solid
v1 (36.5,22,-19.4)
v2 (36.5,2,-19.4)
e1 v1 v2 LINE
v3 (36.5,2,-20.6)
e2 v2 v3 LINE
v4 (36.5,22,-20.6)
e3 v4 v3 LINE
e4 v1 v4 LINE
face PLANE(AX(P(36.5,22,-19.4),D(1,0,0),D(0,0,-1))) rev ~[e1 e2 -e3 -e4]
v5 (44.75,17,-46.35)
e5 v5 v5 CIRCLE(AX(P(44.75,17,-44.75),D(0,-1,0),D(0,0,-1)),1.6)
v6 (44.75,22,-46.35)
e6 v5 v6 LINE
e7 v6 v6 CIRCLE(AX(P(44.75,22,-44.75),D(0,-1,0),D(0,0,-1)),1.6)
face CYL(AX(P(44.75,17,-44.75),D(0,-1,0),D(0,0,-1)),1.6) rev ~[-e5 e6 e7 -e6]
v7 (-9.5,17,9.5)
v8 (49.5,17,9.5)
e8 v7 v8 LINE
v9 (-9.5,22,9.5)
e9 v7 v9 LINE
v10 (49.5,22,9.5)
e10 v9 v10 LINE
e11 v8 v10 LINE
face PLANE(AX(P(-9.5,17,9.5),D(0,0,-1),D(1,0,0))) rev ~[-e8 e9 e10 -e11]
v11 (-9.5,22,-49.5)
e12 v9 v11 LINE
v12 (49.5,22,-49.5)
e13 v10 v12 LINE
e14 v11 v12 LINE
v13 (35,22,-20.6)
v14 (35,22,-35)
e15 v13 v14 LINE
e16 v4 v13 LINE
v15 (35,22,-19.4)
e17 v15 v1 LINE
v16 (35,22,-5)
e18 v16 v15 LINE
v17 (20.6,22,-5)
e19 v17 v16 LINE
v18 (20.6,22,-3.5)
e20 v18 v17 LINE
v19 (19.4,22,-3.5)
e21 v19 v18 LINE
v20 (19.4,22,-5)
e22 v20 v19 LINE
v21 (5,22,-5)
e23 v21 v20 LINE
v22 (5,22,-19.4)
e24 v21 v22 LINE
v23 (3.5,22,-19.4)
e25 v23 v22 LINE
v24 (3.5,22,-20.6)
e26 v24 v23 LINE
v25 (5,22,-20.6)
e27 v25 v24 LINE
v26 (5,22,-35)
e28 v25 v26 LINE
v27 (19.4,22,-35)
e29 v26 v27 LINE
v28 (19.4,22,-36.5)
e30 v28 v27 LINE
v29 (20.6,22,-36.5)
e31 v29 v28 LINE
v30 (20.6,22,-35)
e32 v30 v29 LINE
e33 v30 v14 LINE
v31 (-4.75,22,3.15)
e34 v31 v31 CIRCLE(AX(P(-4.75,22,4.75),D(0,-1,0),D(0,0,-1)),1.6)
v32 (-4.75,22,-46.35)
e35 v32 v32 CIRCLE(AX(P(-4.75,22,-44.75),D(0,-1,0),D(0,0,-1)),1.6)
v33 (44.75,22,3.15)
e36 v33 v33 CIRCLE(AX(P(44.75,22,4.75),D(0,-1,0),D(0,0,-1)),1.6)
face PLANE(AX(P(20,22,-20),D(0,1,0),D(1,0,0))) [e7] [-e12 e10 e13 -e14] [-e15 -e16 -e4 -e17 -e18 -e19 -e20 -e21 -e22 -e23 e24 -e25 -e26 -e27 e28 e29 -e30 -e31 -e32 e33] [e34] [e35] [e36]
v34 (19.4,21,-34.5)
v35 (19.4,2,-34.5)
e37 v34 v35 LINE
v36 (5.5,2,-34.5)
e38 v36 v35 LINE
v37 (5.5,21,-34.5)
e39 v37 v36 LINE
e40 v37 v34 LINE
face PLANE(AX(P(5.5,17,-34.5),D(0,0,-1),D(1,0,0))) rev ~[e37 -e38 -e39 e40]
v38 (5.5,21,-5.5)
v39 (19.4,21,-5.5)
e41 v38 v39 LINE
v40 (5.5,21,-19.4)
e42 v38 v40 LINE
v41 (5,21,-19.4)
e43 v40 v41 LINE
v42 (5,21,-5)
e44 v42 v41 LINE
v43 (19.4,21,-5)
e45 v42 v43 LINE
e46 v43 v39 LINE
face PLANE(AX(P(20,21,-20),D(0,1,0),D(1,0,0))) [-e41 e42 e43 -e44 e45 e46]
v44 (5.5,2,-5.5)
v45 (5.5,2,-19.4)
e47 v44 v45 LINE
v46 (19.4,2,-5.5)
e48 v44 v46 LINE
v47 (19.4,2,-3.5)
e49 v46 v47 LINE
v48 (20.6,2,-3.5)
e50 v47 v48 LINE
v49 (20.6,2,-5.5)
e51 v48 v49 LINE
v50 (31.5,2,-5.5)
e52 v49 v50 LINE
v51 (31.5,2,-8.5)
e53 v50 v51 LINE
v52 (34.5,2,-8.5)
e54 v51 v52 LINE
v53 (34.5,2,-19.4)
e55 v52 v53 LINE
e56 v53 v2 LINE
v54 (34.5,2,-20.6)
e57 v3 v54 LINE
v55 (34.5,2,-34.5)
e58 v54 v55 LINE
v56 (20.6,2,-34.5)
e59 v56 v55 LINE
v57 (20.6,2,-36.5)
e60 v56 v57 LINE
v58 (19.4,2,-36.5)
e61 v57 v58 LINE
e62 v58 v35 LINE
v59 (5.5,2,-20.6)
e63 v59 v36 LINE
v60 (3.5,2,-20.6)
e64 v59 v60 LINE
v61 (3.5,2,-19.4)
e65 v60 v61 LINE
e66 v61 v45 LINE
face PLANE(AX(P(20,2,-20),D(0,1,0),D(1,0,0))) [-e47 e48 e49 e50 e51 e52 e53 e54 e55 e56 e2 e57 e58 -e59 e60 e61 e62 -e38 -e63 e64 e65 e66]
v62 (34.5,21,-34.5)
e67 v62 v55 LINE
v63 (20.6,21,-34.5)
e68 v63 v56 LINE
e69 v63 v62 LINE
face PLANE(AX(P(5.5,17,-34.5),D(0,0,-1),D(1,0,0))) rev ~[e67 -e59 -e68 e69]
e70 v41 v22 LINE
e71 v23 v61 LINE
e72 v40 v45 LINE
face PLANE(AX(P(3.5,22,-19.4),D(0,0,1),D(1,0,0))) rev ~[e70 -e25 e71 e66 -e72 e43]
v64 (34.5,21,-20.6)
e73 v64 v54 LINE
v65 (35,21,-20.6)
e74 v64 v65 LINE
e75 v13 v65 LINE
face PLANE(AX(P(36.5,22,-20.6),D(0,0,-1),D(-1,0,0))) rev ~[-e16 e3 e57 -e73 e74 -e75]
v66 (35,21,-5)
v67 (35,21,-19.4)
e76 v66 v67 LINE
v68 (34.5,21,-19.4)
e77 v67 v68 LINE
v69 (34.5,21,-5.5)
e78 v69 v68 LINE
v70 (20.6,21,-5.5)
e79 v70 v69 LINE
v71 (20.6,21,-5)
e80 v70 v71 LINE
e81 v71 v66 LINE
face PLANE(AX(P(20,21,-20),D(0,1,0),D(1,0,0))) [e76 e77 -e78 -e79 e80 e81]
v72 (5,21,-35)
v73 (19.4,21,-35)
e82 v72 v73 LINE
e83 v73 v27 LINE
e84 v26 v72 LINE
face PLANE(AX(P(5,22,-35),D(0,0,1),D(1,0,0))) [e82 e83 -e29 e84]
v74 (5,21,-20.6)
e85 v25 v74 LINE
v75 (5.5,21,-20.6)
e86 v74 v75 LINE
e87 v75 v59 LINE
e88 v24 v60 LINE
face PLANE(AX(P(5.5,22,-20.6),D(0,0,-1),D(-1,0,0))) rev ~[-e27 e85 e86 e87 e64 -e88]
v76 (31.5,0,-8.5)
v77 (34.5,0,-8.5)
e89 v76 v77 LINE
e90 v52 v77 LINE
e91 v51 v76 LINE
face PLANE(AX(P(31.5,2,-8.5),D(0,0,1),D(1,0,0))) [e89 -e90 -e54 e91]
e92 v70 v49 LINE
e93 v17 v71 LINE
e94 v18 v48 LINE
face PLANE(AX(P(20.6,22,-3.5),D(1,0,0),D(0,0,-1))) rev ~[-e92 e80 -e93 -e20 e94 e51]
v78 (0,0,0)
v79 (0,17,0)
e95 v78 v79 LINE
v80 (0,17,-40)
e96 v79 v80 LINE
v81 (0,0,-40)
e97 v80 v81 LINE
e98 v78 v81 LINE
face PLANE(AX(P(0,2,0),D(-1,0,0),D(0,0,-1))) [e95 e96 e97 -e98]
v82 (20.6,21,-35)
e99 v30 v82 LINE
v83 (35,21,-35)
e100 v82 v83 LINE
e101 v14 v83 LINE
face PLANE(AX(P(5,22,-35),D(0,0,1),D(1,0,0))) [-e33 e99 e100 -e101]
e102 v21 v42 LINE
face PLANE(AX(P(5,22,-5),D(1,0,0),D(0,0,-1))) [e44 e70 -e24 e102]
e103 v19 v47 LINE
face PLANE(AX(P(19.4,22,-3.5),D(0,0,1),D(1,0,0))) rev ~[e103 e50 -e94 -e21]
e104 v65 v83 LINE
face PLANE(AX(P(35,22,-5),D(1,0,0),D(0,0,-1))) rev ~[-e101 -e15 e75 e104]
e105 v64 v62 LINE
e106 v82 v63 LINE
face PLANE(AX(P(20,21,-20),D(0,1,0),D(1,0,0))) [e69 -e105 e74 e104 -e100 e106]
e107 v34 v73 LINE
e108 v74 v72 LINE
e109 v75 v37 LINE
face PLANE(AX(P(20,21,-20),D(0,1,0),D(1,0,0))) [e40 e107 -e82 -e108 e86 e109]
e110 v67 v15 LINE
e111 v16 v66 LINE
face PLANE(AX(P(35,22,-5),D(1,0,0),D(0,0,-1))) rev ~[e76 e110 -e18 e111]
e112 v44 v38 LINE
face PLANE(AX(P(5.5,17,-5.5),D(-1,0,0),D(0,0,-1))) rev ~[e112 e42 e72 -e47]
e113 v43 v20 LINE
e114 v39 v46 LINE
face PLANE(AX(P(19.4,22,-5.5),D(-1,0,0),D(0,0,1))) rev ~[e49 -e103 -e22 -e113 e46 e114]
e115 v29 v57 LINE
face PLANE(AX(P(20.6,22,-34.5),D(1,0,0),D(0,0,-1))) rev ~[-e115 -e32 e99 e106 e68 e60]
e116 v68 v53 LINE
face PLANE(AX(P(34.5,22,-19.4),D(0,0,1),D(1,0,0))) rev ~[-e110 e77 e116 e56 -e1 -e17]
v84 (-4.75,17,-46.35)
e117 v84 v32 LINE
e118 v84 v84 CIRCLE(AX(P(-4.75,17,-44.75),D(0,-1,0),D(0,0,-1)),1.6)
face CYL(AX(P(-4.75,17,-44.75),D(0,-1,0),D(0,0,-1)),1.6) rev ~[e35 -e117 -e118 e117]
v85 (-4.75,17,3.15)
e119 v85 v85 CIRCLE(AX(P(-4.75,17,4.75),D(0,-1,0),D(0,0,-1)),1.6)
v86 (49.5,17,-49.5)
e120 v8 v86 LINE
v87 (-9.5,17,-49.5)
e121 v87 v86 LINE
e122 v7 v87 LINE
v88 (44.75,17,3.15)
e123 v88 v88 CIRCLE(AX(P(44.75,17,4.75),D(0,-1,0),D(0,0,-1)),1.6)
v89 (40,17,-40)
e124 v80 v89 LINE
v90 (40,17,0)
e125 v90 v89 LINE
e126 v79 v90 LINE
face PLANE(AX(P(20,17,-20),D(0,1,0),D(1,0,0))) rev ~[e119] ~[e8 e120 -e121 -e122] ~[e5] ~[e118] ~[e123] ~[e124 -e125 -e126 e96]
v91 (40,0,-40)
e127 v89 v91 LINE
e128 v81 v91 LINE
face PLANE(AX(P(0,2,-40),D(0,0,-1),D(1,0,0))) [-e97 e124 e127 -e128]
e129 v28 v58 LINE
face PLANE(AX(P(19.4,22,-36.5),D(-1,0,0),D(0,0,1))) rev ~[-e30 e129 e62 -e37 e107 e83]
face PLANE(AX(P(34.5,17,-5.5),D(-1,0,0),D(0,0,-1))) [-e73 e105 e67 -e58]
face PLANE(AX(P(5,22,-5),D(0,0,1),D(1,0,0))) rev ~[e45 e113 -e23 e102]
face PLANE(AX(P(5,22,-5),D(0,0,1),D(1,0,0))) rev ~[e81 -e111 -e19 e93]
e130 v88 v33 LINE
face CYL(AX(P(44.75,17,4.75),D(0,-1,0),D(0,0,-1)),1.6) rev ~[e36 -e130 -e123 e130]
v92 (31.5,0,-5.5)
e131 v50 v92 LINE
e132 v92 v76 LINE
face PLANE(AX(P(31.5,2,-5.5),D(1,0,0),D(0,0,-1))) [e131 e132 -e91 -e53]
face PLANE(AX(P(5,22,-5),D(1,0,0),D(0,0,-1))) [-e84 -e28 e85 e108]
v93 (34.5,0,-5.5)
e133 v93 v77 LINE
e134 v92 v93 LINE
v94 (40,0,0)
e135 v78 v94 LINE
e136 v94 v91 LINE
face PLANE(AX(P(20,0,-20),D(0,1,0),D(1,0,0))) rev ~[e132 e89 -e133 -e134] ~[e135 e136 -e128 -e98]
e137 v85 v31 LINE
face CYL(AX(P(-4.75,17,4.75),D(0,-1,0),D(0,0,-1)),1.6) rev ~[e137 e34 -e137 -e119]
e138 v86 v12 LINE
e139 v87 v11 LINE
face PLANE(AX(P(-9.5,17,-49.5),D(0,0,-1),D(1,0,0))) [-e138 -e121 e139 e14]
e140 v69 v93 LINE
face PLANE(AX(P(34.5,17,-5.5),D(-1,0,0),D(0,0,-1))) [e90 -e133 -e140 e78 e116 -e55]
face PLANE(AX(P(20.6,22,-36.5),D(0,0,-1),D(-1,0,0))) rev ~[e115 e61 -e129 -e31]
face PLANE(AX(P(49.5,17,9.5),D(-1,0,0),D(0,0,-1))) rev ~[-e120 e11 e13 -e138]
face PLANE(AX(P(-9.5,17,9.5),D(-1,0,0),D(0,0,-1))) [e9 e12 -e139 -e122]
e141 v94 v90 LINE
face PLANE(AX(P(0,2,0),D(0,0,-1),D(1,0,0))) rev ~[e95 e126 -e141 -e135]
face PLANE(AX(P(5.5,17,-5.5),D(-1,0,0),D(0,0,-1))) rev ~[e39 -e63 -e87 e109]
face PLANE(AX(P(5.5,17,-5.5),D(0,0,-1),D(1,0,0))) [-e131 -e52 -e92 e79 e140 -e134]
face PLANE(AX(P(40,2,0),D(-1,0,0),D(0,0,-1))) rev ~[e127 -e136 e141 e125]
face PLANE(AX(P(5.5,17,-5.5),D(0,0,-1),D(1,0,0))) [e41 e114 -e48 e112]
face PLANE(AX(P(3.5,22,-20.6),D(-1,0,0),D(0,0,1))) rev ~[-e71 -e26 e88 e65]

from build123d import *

# Parameters (mm, degrees)
CROQUIS1_W              = 40
CROQUIS1_H              = 40
SALIENTE_EXTRUIR1_DEPTH = 2
CROQUIS2_W              = 40
CROQUIS2_H              = 40
CROQUIS2_W_2            = 29
CROQUIS2_H_2            = 29
SALIENTE_EXTRUIR2_DEPTH = 15
CROQUIS3_W              = 59
CROQUIS3_H              = 59
CROQUIS3_W_2            = 29
CROQUIS3_H_2            = 29
SALIENTE_EXTRUIR3_DEPTH = 5
CORTAR_EXTRUIR1_DEPTH   = 20
CROQUIS5_R              = 1.6
CORTAR_EXTRUIR2_DEPTH   = 5
CROQUIS6_W              = 30
CROQUIS6_H              = 30
CORTAR_EXTRUIR3_DEPTH   = 1
CROQUIS7_W              = 3
CROQUIS7_H              = 3
CORTAR_EXTRUIR4_DEPTH   = 5


with BuildPart() as part:
    # Croquis1 → Saliente-Extruir1 (new body)
    with BuildSketch(Plane(origin=(0, 0, 0), x_dir=(1, 0, 0), z_dir=(0, 1, 0))):
        with Locations((20, 20)):
            Rectangle(CROQUIS1_W, CROQUIS1_H)
    extrude(amount=SALIENTE_EXTRUIR1_DEPTH)

    # Croquis2 → Saliente-Extruir2 (add)
    with BuildSketch(Plane(origin=(0, 2, 0), x_dir=(1, 0, 0), z_dir=(0, 1, 0))):
        with Locations((20, 20)):
            Rectangle(CROQUIS2_W, CROQUIS2_H)
        with Locations((20, 20)):
            Rectangle(CROQUIS2_W_2, CROQUIS2_H_2, mode=Mode.SUBTRACT)
    extrude(amount=SALIENTE_EXTRUIR2_DEPTH)

    # Croquis3 → Saliente-Extruir3 (add)
    with BuildSketch(Plane(origin=(0, 17, 0), x_dir=(1, 0, 0), z_dir=(0, 1, 0))):
        with Locations((20, 20)):
            Rectangle(CROQUIS3_W, CROQUIS3_H)
        with Locations((20, 20)):
            Rectangle(CROQUIS3_W_2, CROQUIS3_H_2, mode=Mode.SUBTRACT)
    extrude(amount=SALIENTE_EXTRUIR3_DEPTH)

    # Croquis4 → Cortar-Extruir1 (cut)
    with BuildSketch(Plane(origin=(0, 22, 0), x_dir=(1, 0, 0), z_dir=(0, 1, 0))):
        Polygon((19.4, 5.5), (19.4, 3.5), (20.6, 3.5), (20.6, 5.5), (34.5, 5.5), (34.5, 19.4), (36.5, 19.4), (36.5, 20.6), (34.5, 20.6), (34.5, 34.5), (20.6, 34.5), (20.6, 36.5), (19.4, 36.5), (19.4, 34.5), (5.5, 34.5), (5.5, 20.6), (3.5, 20.6), (3.5, 19.4), (5.5, 19.4), (5.5, 5.5), align=None)
    extrude(amount=-CORTAR_EXTRUIR1_DEPTH, mode=Mode.SUBTRACT)

    # Croquis5 → Cortar-Extruir2 (cut)
    with BuildSketch(Plane.XZ.offset(-17)):
        with Locations(Location((-4.75, 4.75, 0), (0, 0, 270))):
            Circle(CROQUIS5_R)
        with Locations(Location((44.75, 4.75, 0), (0, 0, 270))):
            Circle(CROQUIS5_R)
        with Locations(Location((44.75, -44.75, 0), (0, 0, 270))):
            Circle(CROQUIS5_R)
        with Locations(Location((-4.75, -44.75, 0), (0, 0, 270))):
            Circle(CROQUIS5_R)
    extrude(amount=-CORTAR_EXTRUIR2_DEPTH, mode=Mode.SUBTRACT)

    # Croquis6 → Cortar-Extruir3 (cut)
    with BuildSketch(Plane(origin=(0, 22, 0), x_dir=(1, 0, 0), z_dir=(0, 1, 0))):
        with Locations((20, 20)):
            Rectangle(CROQUIS6_W, CROQUIS6_H)
    extrude(amount=-CORTAR_EXTRUIR3_DEPTH, mode=Mode.SUBTRACT)

    # Croquis7 → Cortar-Extruir4 (cut)
    with BuildSketch(Plane(origin=(0, 2, 0), x_dir=(1, 0, 0), z_dir=(0, 1, 0))):
        with Locations((33, 7)):
            Rectangle(CROQUIS7_W, CROQUIS7_H)
    extrude(amount=-CORTAR_EXTRUIR4_DEPTH, mode=Mode.SUBTRACT)


solid = part.part
